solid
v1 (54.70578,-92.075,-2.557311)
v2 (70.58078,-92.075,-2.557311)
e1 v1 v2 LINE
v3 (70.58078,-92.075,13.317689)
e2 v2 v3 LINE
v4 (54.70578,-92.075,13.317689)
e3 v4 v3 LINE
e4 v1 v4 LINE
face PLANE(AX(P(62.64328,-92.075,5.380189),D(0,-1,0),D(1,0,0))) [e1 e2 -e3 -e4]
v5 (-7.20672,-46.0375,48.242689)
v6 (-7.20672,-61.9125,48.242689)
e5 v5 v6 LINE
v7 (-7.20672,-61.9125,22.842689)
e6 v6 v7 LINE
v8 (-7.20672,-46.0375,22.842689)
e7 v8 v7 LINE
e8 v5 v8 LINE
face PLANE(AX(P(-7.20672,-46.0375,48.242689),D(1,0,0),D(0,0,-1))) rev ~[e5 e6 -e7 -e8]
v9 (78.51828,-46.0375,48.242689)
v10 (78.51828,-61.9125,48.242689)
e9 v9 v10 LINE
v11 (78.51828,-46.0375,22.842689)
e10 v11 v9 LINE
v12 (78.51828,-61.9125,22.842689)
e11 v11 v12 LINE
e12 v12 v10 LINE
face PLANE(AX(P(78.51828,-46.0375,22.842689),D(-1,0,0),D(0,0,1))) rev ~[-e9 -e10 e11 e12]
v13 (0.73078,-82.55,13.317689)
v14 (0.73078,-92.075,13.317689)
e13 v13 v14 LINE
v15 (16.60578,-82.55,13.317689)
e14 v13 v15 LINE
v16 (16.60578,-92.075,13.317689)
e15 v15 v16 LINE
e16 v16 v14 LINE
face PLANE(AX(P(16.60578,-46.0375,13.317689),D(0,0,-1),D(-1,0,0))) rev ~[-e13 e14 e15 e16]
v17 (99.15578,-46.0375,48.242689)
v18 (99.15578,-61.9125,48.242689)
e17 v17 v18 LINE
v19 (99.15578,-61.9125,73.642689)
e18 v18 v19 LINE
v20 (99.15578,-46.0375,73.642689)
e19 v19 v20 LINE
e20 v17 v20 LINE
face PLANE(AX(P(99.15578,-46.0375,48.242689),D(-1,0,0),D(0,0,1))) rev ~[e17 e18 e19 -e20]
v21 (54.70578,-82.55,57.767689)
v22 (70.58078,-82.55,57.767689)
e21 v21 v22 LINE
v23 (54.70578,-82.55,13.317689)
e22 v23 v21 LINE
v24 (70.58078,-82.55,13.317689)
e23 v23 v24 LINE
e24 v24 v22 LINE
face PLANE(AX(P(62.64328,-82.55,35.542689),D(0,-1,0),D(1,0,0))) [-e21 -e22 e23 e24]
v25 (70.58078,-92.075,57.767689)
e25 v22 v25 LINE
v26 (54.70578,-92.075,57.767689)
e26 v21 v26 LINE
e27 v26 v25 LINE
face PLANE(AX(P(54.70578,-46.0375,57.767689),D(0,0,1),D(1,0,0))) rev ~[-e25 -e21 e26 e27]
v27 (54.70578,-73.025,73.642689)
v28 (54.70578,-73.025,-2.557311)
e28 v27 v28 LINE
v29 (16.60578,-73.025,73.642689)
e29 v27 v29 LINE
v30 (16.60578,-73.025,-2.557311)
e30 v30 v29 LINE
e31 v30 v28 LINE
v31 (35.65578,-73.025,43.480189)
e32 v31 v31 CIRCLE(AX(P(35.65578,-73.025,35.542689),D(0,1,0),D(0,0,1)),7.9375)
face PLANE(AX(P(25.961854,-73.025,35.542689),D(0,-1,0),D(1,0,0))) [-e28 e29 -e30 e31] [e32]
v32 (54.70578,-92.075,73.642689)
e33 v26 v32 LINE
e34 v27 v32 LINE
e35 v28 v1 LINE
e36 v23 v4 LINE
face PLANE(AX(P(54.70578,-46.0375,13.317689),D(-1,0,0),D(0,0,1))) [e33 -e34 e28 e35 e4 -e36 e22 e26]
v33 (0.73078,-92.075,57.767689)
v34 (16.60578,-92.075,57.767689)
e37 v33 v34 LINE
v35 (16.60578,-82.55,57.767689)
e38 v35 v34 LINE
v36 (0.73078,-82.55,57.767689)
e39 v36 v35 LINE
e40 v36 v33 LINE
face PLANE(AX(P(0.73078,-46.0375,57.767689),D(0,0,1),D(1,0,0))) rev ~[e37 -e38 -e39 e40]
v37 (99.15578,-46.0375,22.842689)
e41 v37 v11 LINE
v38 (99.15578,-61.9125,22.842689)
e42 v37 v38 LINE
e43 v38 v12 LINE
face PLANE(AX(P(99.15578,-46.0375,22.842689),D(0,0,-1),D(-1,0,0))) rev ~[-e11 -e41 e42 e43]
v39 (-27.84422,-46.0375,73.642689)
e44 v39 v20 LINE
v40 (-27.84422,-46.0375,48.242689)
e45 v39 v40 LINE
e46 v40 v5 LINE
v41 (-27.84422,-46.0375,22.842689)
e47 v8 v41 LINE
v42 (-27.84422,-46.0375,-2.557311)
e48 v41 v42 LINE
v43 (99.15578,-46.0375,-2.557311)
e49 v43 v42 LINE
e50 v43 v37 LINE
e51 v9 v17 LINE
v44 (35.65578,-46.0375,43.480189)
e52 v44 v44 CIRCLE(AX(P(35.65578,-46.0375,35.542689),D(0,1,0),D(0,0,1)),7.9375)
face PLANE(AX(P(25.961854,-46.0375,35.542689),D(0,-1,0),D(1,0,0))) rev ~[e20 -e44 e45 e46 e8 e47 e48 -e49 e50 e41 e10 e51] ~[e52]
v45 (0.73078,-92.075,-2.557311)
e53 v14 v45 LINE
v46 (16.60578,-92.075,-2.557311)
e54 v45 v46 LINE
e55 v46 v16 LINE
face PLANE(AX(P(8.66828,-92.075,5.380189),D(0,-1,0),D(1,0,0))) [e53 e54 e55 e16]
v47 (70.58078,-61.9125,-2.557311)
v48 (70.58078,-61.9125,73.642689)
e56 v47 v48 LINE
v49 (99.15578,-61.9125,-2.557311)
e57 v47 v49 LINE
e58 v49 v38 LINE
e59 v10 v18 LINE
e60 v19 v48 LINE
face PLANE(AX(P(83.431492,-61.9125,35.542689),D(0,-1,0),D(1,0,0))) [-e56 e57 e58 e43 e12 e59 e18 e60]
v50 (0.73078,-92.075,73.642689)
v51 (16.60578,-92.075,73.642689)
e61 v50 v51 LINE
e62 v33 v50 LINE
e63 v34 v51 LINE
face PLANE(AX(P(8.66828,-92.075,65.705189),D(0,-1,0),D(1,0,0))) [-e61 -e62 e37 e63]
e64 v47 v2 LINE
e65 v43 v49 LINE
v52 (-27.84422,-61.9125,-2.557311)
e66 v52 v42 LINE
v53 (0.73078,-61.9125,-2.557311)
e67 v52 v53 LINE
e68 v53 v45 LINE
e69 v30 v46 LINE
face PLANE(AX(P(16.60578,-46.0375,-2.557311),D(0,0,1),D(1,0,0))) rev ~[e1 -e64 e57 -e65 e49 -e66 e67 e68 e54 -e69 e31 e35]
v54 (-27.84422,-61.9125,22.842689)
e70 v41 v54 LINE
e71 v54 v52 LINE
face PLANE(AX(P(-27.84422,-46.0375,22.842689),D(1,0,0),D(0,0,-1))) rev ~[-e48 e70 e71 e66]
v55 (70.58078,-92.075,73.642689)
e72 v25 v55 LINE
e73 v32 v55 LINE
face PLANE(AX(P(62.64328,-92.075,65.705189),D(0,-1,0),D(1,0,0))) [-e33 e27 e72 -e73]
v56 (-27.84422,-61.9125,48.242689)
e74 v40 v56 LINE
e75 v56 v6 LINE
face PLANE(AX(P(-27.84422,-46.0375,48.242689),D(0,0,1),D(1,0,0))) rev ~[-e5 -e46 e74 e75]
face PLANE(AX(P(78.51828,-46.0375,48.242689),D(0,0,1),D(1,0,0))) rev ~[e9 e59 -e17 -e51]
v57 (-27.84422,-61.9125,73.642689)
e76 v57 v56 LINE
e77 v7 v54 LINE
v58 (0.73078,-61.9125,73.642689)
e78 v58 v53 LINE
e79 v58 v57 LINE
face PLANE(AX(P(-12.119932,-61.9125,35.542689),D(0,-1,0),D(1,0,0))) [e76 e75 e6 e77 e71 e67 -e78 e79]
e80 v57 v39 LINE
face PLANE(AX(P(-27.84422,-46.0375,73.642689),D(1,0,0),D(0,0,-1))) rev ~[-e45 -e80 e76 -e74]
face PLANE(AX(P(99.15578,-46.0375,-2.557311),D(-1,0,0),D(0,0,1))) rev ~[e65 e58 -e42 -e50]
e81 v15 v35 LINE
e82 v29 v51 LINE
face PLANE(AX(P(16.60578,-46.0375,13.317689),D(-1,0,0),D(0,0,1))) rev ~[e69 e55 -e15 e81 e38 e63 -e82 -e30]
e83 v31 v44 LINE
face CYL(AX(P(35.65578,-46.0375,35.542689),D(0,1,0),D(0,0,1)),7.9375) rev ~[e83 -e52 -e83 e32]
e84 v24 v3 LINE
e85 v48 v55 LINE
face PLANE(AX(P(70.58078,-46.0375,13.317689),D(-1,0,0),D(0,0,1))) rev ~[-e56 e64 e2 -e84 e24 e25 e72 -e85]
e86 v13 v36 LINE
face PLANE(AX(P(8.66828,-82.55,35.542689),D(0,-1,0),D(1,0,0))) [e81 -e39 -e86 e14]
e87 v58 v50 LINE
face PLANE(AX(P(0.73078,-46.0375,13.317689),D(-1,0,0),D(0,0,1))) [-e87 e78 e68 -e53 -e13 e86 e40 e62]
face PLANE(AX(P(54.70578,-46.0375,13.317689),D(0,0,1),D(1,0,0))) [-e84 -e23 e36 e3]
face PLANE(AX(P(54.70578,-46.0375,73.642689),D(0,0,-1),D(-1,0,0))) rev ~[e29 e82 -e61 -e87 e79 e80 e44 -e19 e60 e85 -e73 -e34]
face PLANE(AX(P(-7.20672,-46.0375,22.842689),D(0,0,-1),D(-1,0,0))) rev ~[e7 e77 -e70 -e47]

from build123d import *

# Parameters (mm, degrees)
F1_DEPTH = 31.75
F0_W     = 31.75
F0_H     = 31.75
F2_DEPTH = 92.075
F3_DEPTH = 53.975
F4_DEPTH = 25.4
F0_H_2   = 88.9
F5_DEPTH = 73.025
F6_DEPTH = 73.025
F7_SCALE = 0.5


with BuildPart() as f1:
    # F0 (on Front) → F1 (new body)
    with BuildSketch(Plane.XZ):
        Polygon((-53.2442199647, 89.5176894624), (-110.3942199647, 89.5176894624), (-110.3942199647, 38.7176894624), (-69.1192199647, 38.7176894624), (-69.1192199647, -12.0823105376), (-110.3942199647, -12.0823105376), (-110.3942199647, -62.8823105376), (-53.2442199647, -62.8823105376), (-53.2442199647, -31.1323105376), (-53.2442199647, 57.7676894624), align=None)
    extrude(amount=F1_DEPTH)

    # F0 (on Front) → F2 (join)
    with BuildSketch(Plane.XZ):
        Polygon((-21.4942199647, -31.1323105376), (-53.2442199647, -31.1323105376), (-53.2442199647, -62.8823105376), (-21.4942199647, -62.8823105376), (-21.4942199647, -57.0128560066), align=None)
        with Locations((-37.3692199647, 73.6426894624)):
            Rectangle(F0_W, F0_H)
    extrude(amount=F2_DEPTH)



with BuildPart() as f1b:
    # F0 (on Front) → F1, piece 2 (new body)
    with BuildSketch(Plane.XZ):
        Polygon((143.6057800353, 89.5176894624), (86.4557800353, 89.5176894624), (86.4557800353, 57.7676894624), (86.4557800353, -31.1323105376), (86.4557800353, -62.8823105376), (143.6057800353, -62.8823105376), (143.6057800353, -12.0823105376), (102.3307800353, -12.0823105376), (102.3307800353, 38.7176894624), (143.6057800353, 38.7176894624), align=None)
    extrude(amount=F1_DEPTH)

    # F0 (on Front) → F2, piece 2 (join)
    with BuildSketch(Plane.XZ):
        with Locations((70.5807800353, -47.0073105376)):
            Rectangle(F0_W, F0_H)
        with Locations((70.5807800353, 73.6426894624)):
            Rectangle(F0_W, F0_H)
    extrude(amount=F2_DEPTH)


with BuildPart() as f1_1:
    add(f1.part)

    add(f1b.part)  # F3 merges F1b
    # F0 (on Front) → F3 (join)
    with BuildSketch(Plane.XZ):
        with BuildLine():
            Line((0, 89.5176894624), (-21.4942199647, 89.5176894624))
            Line((-21.4942199647, 89.5176894624), (-21.4942199647, 57.7676894624))
            Line((-21.4942199647, 57.7676894624), (-21.4942199647, -31.1323105376))
            Line((-21.4942199647, -31.1323105376), (-21.4942199647, -57.0128560066))
            Line((-21.4942199647, -57.0128560066), (-21.4942199647, -62.8823105376))
            Line((-21.4942199647, -62.8823105376), (16.6057800353, -62.8823105376))
            Line((16.6057800353, -62.8823105376), (16.6057800353, -2.5573105376))
            ThreePointArc((16.6057800353, -2.5573105376), (0.7307800353, 13.3176894624), (16.6057800353, 29.1926894624))
            Line((16.6057800353, 29.1926894624), (16.6057800353, 89.5176894624))
            Line((16.6057800353, 89.5176894624), (0, 89.5176894624))
        make_face()
        with BuildLine():
            Line((54.7057800353, 89.5176894624), (16.6057800353, 89.5176894624))
            Line((16.6057800353, 89.5176894624), (16.6057800353, 29.1926894624))
            ThreePointArc((16.6057800353, 29.1926894624), (32.4807800353, 13.3176894624), (16.6057800353, -2.5573105376))
            Line((16.6057800353, -2.5573105376), (16.6057800353, -62.8823105376))
            Line((16.6057800353, -62.8823105376), (54.7057800353, -62.8823105376))
            Line((54.7057800353, -62.8823105376), (54.7057800353, -31.1323105376))
            Line((54.7057800353, -31.1323105376), (54.7057800353, 57.7676894624))
            Line((54.7057800353, 57.7676894624), (54.7057800353, 89.5176894624))
        make_face()
    extrude(amount=F3_DEPTH)

    # F0 (on Front) → F4 (join)
    with BuildSketch(Plane.XZ):
        Polygon((-53.2442199647, 89.5176894624), (-110.3942199647, 89.5176894624), (-110.3942199647, 38.7176894624), (-69.1192199647, 38.7176894624), (-69.1192199647, -12.0823105376), (-110.3942199647, -12.0823105376), (-110.3942199647, -62.8823105376), (-53.2442199647, -62.8823105376), (-53.2442199647, -31.1323105376), (-53.2442199647, 57.7676894624), align=None)
        with Locations((-37.3692199647, 73.6426894624)):
            Rectangle(F0_W, F0_H)
        with BuildLine():
            Line((0, 89.5176894624), (-21.4942199647, 89.5176894624))
            Line((-21.4942199647, 89.5176894624), (-21.4942199647, 57.7676894624))
            Line((-21.4942199647, 57.7676894624), (-21.4942199647, -31.1323105376))
            Line((-21.4942199647, -31.1323105376), (-21.4942199647, -57.0128560066))
            Line((-21.4942199647, -57.0128560066), (-21.4942199647, -62.8823105376))
            Line((-21.4942199647, -62.8823105376), (16.6057800353, -62.8823105376))
            Line((16.6057800353, -62.8823105376), (16.6057800353, -2.5573105376))
            ThreePointArc((16.6057800353, -2.5573105376), (0.7307800353, 13.3176894624), (16.6057800353, 29.1926894624))
            Line((16.6057800353, 29.1926894624), (16.6057800353, 89.5176894624))
            Line((16.6057800353, 89.5176894624), (0, 89.5176894624))
        make_face()
        Polygon((-21.4942199647, -31.1323105376), (-53.2442199647, -31.1323105376), (-53.2442199647, -62.8823105376), (-21.4942199647, -62.8823105376), (-21.4942199647, -57.0128560066), align=None)
        with BuildLine():
            Line((54.7057800353, 89.5176894624), (16.6057800353, 89.5176894624))
            Line((16.6057800353, 89.5176894624), (16.6057800353, 29.1926894624))
            ThreePointArc((16.6057800353, 29.1926894624), (32.4807800353, 13.3176894624), (16.6057800353, -2.5573105376))
            Line((16.6057800353, -2.5573105376), (16.6057800353, -62.8823105376))
            Line((16.6057800353, -62.8823105376), (54.7057800353, -62.8823105376))
            Line((54.7057800353, -62.8823105376), (54.7057800353, -31.1323105376))
            Line((54.7057800353, -31.1323105376), (54.7057800353, 57.7676894624))
            Line((54.7057800353, 57.7676894624), (54.7057800353, 89.5176894624))
        make_face()
        with Locations((70.5807800353, 73.6426894624)):
            Rectangle(F0_W, F0_H)
        Polygon((143.6057800353, 89.5176894624), (86.4557800353, 89.5176894624), (86.4557800353, 57.7676894624), (86.4557800353, -31.1323105376), (86.4557800353, -62.8823105376), (143.6057800353, -62.8823105376), (143.6057800353, -12.0823105376), (102.3307800353, -12.0823105376), (102.3307800353, 38.7176894624), (143.6057800353, 38.7176894624), align=None)
        with Locations((70.5807800353, -47.0073105376)):
            Rectangle(F0_W, F0_H)
    extrude(amount=F4_DEPTH)

    # F0 (on Front) → F5 (join)
    with BuildSketch(Plane.XZ):
        with Locations((-37.3692199647, 13.3176894624)):
            Rectangle(F0_W, F0_H_2)
    extrude(amount=F5_DEPTH)

    # F0 (on Front) → F6 (join)
    with BuildSketch(Plane.XZ):
        with Locations((70.5807800353, 13.3176894624)):
            Rectangle(F0_W, F0_H_2)
    extrude(amount=F6_DEPTH)


with BuildPart() as f1_2:
    # F7: moved
    add(f1_1.part.scale(F7_SCALE).moved(Location((27.3528900176, -46.0375, 28.8838447312))))


solid = f1_2.part
